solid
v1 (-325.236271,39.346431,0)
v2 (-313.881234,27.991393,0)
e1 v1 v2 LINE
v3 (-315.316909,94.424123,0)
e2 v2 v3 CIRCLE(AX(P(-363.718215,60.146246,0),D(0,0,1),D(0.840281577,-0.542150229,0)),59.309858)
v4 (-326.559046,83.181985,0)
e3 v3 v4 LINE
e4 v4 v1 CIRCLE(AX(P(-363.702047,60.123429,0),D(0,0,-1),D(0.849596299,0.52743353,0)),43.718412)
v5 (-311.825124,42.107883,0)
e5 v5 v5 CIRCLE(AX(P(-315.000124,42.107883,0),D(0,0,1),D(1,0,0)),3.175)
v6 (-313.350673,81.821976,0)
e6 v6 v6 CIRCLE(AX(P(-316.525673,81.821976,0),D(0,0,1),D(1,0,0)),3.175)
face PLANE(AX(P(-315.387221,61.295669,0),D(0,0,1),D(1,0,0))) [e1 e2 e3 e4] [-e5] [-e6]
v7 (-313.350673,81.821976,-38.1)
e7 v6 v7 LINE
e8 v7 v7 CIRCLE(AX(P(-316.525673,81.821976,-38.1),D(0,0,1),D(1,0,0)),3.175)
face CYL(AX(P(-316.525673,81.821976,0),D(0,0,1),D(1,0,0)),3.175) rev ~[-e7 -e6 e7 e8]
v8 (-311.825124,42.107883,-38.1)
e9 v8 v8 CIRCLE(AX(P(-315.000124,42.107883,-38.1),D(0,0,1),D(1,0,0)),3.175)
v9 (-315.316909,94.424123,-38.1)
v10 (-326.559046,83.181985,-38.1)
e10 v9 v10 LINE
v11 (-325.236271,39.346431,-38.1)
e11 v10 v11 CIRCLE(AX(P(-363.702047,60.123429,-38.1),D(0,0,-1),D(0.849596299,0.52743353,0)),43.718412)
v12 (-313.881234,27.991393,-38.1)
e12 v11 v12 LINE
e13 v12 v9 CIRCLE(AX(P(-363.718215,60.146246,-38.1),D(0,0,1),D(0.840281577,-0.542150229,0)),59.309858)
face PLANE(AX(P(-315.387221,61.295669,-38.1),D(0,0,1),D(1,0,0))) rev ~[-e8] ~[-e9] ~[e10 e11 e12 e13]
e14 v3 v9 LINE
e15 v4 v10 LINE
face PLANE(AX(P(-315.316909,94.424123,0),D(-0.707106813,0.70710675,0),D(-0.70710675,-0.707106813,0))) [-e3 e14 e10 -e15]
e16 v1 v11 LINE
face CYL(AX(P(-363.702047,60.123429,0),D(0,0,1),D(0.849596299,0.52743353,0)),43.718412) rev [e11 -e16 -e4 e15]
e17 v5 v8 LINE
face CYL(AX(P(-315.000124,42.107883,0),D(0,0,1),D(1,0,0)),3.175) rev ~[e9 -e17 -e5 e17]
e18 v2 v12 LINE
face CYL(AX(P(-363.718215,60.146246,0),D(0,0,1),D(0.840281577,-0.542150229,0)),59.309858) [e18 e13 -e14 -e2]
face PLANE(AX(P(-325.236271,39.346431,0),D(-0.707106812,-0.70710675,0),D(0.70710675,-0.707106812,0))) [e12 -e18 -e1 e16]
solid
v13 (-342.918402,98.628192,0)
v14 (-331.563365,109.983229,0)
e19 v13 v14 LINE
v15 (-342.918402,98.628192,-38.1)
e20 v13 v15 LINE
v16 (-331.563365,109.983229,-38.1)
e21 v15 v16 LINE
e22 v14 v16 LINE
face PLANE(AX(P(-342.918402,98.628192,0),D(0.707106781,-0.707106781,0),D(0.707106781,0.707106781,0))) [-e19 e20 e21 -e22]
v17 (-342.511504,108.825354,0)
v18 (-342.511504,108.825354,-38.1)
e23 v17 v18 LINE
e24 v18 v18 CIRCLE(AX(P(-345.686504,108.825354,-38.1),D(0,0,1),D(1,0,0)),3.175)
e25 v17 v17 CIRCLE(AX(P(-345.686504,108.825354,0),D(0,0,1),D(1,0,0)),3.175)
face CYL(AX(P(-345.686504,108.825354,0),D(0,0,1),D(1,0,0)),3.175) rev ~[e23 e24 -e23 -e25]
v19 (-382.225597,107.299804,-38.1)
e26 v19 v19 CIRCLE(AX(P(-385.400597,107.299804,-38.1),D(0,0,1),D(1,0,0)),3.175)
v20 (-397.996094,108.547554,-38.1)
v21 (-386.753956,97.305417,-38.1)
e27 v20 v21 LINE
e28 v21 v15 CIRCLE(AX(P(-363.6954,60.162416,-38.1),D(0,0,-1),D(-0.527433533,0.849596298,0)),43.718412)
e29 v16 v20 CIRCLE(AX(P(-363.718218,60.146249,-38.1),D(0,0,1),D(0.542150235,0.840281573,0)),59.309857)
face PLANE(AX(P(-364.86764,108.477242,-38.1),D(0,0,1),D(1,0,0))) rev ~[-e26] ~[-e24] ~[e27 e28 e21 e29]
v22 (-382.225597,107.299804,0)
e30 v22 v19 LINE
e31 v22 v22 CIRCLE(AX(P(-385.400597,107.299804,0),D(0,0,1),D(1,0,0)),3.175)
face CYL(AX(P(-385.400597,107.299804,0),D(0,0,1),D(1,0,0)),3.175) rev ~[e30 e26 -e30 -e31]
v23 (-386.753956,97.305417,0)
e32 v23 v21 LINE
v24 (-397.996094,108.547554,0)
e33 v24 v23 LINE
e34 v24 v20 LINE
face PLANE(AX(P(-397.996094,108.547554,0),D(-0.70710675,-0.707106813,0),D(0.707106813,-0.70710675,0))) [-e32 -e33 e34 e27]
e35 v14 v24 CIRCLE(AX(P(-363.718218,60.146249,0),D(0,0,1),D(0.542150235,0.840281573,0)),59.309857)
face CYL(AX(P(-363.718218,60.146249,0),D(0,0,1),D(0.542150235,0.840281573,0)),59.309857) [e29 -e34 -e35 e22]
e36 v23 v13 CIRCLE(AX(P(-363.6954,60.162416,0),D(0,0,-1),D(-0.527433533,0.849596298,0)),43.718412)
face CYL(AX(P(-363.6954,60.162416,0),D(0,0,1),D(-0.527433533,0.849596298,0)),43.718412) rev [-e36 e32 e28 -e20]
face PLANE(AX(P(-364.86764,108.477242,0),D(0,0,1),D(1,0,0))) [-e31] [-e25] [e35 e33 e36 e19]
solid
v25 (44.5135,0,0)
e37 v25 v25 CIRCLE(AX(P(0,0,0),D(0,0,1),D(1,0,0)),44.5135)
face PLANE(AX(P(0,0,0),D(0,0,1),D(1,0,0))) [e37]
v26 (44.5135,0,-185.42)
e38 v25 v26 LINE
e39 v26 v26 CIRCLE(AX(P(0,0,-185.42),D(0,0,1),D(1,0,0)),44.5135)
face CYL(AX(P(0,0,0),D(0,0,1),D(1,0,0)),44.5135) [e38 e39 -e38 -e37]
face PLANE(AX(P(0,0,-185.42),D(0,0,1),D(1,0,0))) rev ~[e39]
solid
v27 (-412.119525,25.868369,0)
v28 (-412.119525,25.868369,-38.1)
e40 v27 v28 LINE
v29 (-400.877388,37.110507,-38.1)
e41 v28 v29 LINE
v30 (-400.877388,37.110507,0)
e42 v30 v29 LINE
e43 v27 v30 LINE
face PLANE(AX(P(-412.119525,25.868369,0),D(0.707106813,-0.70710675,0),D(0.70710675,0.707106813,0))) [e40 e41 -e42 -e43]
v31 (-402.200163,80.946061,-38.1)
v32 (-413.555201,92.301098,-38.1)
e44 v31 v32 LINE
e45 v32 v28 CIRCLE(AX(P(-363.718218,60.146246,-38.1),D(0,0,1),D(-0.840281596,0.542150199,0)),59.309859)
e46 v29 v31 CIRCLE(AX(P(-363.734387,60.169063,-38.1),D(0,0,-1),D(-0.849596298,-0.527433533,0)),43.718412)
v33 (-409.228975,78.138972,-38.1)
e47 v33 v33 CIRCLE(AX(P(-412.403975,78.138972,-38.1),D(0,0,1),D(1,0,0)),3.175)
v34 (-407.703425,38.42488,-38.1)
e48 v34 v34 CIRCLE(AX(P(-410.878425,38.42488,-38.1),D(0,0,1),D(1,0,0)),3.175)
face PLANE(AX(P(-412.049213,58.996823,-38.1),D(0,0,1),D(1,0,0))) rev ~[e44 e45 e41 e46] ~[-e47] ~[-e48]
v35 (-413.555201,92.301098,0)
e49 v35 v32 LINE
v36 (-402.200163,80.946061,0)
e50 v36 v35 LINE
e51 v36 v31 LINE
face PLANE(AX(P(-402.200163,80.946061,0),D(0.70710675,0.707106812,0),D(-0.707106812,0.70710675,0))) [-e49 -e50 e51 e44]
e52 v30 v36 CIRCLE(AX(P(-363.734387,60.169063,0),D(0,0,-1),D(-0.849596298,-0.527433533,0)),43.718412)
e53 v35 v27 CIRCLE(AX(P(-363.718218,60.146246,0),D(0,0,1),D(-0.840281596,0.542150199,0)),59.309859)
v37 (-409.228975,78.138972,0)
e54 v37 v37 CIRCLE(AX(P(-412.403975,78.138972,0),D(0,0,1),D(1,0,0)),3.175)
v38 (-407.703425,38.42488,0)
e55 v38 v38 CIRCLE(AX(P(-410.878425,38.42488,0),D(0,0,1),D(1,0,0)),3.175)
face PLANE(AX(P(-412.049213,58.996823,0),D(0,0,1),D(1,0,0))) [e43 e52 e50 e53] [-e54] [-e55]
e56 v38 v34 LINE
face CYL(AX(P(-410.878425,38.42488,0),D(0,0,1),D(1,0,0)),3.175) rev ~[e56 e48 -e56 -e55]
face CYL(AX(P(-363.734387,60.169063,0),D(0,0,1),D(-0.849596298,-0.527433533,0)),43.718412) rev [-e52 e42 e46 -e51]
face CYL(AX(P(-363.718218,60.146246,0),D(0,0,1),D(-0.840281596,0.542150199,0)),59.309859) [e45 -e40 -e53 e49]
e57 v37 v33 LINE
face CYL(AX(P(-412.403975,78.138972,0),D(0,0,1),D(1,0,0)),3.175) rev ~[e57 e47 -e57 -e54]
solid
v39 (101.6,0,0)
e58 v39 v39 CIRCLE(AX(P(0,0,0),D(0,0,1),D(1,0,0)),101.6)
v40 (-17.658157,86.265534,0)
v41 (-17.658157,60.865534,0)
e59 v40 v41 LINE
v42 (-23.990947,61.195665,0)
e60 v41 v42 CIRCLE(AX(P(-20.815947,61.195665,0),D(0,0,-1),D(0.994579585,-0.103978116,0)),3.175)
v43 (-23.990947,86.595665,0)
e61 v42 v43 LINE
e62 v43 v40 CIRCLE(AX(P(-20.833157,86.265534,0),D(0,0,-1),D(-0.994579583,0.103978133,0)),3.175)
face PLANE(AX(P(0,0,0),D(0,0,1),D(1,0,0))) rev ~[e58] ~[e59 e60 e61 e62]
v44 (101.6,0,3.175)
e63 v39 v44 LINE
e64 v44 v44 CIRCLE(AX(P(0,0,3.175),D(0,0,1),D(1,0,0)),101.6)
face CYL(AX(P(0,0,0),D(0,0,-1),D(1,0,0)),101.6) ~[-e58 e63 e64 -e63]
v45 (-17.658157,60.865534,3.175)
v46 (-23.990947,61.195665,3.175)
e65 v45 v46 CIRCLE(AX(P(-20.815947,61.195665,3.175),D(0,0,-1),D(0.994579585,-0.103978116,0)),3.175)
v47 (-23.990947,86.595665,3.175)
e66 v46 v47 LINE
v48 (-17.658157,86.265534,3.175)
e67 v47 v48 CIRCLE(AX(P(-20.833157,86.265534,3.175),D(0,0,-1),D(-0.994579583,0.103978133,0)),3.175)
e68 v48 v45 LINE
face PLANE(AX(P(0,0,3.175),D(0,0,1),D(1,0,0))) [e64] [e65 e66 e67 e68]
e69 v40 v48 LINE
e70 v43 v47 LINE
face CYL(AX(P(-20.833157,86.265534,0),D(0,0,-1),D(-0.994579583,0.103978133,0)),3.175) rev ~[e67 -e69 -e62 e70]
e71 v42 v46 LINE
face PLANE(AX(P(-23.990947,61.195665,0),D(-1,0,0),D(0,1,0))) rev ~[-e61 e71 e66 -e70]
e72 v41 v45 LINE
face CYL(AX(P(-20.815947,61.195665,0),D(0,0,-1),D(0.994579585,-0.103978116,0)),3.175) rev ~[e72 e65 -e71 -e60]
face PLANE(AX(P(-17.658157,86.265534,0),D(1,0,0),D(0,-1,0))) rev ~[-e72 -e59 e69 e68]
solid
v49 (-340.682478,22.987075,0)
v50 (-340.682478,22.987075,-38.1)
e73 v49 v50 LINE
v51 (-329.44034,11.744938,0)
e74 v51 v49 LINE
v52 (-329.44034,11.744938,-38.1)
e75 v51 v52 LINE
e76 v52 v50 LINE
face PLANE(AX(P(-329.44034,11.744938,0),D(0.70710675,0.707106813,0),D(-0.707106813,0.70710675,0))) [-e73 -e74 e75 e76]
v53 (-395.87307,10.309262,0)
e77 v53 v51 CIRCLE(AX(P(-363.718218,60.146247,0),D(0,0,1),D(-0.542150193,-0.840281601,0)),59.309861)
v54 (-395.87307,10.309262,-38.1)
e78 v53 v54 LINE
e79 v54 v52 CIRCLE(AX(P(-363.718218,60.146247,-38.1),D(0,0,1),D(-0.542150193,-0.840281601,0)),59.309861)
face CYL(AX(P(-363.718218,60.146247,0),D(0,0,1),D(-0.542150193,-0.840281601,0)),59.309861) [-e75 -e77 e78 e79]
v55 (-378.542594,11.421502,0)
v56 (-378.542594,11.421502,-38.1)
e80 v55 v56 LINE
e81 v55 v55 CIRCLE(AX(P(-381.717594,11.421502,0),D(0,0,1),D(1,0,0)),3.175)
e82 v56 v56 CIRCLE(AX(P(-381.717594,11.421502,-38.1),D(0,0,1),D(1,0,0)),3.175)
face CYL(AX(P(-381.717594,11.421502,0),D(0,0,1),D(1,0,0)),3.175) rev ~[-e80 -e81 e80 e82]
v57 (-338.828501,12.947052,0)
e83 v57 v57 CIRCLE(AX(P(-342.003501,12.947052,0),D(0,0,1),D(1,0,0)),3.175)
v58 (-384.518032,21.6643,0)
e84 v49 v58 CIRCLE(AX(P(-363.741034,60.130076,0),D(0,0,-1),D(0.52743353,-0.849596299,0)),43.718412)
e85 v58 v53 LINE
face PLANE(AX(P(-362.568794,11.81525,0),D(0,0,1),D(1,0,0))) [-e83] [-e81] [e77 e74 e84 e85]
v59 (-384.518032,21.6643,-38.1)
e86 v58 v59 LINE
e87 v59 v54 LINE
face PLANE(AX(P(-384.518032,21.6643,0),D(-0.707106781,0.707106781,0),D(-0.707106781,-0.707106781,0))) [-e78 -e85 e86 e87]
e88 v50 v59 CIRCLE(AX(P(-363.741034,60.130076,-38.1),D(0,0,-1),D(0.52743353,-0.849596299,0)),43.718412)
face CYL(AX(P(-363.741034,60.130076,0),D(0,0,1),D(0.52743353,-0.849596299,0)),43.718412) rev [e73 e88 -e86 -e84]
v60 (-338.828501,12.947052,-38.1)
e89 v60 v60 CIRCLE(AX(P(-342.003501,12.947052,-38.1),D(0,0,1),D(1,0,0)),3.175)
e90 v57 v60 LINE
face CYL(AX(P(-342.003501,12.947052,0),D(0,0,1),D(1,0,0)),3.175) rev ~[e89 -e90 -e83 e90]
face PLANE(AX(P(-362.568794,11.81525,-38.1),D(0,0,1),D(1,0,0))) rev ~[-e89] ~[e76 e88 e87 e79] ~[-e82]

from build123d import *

# Parameters (mm, degrees)
F0_R     = 44.5135
F1_DEPTH = 185.42
F2_R     = 101.6
F3_DEPTH = 3.175
F4_R     = 3.175
F5_DEPTH = 38.1


with BuildPart() as f1:
    # F0 (on Top) → F1 (new body)
    with BuildSketch(Plane.XY):
        Circle(F0_R)
    extrude(amount=-F1_DEPTH)


with BuildPart() as f3:
    # F2 (on Top) → F3 (new body)
    with BuildSketch(Plane.XY):
        Circle(F2_R)
        with BuildLine():
            Line((-23.990947, 61.195665), (-23.990947, 86.595665))
            ThreePointArc((-23.990947, 86.595665), (-20.667868, 89.436229), (-17.658157, 86.265534))
            Line((-17.658157, 86.265534), (-17.658157, 60.865534))
            ThreePointArc((-17.658157, 60.865534), (-20.981237, 58.02497), (-23.990947, 61.195665))
        make_face(mode=Mode.SUBTRACT)
    extrude(amount=F3_DEPTH)


with BuildPart() as f5:
    # F4 (on Top) → F5 (new body)
    with BuildSketch(Plane.XY):
        with BuildLine():
            ThreePointArc((-413.555201, 92.301098), (-423.014232, 58.864802), (-412.119525, 25.868369))
            Line((-412.119525, 25.868369), (-400.877388, 37.110507))
            ThreePointArc((-400.877388, 37.110507), (-407.432908, 58.850423), (-402.200163, 80.946061))
            Line((-402.200163, 80.946061), (-413.555201, 92.301098))
        make_face()
        with Locations((-410.878425, 38.42488)):
            Circle(F4_R, mode=Mode.SUBTRACT)
        with Locations((-412.403975, 78.138972)):
            Circle(F4_R, mode=Mode.SUBTRACT)
        with BuildLine():
            ThreePointArc((-331.563365, 109.983229), (-364.999661, 119.442261), (-397.996094, 108.547554))
            Line((-397.996094, 108.547554), (-386.753956, 97.305417))
            ThreePointArc((-386.753956, 97.305417), (-365.01404, 103.860937), (-342.918402, 98.628192))
            Line((-342.918402, 98.628192), (-331.563365, 109.983229))
        make_face()
        with Locations((-385.400597, 107.299804)):
            Circle(F4_R, mode=Mode.SUBTRACT)
        with Locations((-345.686504, 108.825354)):
            Circle(F4_R, mode=Mode.SUBTRACT)
        with BuildLine():
            ThreePointArc((-313.881234, 27.991393), (-304.422202, 61.42769), (-315.316909, 94.424123))
            Line((-315.316909, 94.424123), (-326.559046, 83.181985))
            ThreePointArc((-326.559046, 83.181985), (-320.003526, 61.442068), (-325.236271, 39.346431))
            Line((-325.236271, 39.346431), (-313.881234, 27.991393))
        make_face()
        with Locations((-315.000124, 42.107883)):
            Circle(F4_R, mode=Mode.SUBTRACT)
        with Locations((-316.525673, 81.821976)):
            Circle(F4_R, mode=Mode.SUBTRACT)
        with BuildLine():
            ThreePointArc((-395.87307, 10.309262), (-362.436773, 0.850231), (-329.44034, 11.744938))
            Line((-329.44034, 11.744938), (-340.682478, 22.987075))
            ThreePointArc((-340.682478, 22.987075), (-362.422395, 16.431555), (-384.518032, 21.6643))
            Line((-384.518032, 21.6643), (-395.87307, 10.309262))
        make_face()
        with Locations((-381.717594, 11.421502)):
            Circle(F4_R, mode=Mode.SUBTRACT)
        with Locations((-342.003501, 12.947052)):
            Circle(F4_R, mode=Mode.SUBTRACT)
    extrude(amount=-F5_DEPTH)


solid = Compound([f1.part, f3.part, f5.part])
